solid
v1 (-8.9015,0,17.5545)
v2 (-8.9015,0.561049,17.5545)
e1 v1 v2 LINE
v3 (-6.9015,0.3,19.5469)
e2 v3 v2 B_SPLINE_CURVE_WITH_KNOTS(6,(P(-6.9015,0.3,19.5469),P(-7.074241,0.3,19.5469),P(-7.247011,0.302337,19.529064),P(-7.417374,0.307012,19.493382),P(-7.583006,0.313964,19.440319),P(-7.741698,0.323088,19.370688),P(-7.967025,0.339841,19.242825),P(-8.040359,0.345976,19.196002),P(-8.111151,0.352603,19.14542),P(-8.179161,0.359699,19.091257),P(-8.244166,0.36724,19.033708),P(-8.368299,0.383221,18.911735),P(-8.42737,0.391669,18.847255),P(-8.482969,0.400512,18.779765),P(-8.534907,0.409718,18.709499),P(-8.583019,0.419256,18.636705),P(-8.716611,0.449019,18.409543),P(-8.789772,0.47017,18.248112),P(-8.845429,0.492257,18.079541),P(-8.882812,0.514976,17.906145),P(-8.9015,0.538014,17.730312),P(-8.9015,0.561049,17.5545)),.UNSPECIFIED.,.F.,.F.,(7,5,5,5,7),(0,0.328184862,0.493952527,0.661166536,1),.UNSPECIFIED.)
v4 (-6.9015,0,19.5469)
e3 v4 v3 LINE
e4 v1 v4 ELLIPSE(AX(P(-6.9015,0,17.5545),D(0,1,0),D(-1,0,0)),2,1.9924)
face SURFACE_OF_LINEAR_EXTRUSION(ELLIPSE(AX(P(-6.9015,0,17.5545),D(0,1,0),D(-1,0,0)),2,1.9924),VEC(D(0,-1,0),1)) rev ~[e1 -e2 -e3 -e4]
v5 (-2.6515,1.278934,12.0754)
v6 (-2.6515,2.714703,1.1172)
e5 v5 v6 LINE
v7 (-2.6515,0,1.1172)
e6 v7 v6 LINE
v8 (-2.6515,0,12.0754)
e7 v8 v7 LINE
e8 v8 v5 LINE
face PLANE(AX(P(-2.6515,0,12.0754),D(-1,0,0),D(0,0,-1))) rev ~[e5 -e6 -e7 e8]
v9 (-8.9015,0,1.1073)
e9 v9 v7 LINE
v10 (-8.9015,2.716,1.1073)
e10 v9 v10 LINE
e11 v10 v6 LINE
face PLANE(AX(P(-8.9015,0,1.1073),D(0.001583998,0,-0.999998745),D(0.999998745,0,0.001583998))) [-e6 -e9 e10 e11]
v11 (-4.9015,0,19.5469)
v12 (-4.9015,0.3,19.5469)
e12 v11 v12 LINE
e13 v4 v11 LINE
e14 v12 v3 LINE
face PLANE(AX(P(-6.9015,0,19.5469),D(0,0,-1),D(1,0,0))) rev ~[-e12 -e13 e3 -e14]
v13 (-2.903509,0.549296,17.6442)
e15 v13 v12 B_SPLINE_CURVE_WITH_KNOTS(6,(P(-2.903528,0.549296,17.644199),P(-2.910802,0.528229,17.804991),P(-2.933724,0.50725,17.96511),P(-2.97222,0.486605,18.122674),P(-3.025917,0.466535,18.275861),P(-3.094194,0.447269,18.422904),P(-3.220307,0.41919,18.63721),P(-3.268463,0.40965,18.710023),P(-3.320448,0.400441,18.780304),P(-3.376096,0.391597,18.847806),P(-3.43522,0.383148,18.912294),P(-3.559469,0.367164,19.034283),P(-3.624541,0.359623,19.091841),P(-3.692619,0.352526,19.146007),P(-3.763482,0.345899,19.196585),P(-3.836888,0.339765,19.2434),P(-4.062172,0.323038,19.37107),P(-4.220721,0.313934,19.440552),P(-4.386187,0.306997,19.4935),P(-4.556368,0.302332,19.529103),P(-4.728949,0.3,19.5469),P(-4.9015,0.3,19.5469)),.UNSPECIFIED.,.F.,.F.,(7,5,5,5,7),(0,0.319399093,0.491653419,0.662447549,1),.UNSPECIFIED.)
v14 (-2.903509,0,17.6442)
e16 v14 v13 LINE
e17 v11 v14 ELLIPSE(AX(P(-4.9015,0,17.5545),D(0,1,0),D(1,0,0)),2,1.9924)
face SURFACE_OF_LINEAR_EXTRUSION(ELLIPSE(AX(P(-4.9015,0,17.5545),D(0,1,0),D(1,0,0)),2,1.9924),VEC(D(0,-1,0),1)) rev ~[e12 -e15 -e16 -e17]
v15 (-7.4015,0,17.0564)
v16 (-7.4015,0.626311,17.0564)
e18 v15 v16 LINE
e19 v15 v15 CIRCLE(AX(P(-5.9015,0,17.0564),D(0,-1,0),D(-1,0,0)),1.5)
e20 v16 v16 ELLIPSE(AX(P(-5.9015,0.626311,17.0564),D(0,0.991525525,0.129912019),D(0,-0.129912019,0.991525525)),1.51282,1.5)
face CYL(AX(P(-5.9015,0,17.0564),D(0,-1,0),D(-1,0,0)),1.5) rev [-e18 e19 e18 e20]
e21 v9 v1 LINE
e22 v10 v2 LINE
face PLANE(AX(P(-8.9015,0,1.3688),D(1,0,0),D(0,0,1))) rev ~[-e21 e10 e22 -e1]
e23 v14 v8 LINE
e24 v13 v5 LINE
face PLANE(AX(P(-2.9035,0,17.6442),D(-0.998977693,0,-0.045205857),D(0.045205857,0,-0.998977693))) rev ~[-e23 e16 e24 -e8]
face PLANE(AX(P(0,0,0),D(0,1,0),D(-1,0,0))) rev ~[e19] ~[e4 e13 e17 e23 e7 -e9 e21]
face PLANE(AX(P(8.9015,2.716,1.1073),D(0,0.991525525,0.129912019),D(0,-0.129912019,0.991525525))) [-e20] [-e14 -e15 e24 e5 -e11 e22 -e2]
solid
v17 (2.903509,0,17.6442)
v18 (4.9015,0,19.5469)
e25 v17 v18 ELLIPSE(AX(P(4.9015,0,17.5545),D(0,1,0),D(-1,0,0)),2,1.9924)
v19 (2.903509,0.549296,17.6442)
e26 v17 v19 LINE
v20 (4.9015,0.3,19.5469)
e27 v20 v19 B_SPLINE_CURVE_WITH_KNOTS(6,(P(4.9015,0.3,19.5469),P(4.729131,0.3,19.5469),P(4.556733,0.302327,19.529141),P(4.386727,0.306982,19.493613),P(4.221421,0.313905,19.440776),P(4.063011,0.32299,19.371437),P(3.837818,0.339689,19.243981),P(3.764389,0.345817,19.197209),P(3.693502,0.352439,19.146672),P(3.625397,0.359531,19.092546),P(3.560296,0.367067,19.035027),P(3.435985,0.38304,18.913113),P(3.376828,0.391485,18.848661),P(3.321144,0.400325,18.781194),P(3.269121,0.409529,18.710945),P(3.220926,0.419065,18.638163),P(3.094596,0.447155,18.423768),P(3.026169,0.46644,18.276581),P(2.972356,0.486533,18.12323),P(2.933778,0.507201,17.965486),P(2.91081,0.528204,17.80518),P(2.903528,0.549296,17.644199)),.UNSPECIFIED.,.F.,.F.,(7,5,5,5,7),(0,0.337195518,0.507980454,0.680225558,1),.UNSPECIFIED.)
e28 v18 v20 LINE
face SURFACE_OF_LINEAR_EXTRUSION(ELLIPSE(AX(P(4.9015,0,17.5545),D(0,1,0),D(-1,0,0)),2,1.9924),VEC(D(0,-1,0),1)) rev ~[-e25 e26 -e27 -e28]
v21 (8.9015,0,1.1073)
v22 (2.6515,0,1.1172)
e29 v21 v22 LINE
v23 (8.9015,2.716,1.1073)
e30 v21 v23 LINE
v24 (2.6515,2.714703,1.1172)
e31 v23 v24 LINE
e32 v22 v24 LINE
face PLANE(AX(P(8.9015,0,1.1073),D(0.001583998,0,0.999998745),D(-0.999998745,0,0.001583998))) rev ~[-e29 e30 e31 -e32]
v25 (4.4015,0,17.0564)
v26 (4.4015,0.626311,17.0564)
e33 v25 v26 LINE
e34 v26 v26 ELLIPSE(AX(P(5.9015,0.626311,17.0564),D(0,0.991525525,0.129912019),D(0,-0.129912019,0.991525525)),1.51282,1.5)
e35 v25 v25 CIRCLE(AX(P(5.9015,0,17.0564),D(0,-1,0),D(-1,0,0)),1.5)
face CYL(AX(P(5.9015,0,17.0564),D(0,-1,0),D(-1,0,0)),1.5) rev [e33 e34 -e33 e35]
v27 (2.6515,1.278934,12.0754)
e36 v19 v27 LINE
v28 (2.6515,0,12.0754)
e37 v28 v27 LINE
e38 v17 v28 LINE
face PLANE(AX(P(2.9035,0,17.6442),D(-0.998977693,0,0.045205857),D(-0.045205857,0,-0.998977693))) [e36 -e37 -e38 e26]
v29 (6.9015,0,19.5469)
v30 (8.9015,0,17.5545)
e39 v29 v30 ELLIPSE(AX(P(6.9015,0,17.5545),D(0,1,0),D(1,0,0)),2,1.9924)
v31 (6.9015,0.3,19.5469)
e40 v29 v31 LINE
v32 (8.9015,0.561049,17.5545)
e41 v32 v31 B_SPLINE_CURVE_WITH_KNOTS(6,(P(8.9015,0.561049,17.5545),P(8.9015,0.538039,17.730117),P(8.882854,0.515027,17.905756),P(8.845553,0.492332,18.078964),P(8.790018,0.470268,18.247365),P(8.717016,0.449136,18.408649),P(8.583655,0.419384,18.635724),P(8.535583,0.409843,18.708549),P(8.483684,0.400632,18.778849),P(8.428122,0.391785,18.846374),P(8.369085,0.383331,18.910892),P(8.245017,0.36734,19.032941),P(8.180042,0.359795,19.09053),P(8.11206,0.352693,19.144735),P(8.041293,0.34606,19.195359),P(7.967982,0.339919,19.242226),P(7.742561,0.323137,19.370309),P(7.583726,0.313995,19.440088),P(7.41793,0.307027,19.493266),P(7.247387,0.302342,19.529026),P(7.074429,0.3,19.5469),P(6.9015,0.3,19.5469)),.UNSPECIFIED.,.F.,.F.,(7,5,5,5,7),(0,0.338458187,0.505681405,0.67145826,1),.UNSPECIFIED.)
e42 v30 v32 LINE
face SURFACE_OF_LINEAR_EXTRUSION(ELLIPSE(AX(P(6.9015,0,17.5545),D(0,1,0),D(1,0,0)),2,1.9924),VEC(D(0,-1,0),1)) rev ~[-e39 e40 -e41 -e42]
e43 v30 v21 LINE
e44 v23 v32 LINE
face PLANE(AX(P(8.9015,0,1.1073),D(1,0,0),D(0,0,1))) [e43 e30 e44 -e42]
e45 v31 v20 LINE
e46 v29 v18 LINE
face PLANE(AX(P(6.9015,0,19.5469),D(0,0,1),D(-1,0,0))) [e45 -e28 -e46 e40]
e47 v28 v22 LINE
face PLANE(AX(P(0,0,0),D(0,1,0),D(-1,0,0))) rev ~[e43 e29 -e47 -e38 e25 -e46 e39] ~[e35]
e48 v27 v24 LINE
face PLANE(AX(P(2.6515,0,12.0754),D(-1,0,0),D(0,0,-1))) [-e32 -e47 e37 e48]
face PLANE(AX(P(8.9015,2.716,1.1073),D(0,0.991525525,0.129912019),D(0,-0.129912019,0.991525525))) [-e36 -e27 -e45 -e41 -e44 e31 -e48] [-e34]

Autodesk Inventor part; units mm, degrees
ref_plane "YZ Plane" through (0, 0, 0) normal (1, 0, 0) x (0, 1, 0)
ref_plane "XZ Plane" through (0, 0, 0) normal (0, 1, 0) x (-1, 0, 0)
ref_plane "XY Plane" through (0, 0, 0) normal (0, 0, 1) x (1, 0, 0)
sketch "Sketch1" plane through (0, 0, 0) normal (0, 1, 0) x (-1, 0, 0)
  line L0 (-8.9015, 1.1073) -> (-8.9015, 17.5545)
  line L1 (-2.6515, 1.1073) -> (-8.9015, 1.1073)
  line L2 (-2.6515, 12.0754) -> (-2.6515, 1.1172)
  line L3 (-2.9035, 17.6442) -> (-2.6515, 12.0754)
  ellipse E0 centre (-4.9015, 17.5545) end of major axis (-2.9015, 17.5545) minor radius 1.9924 (-2.9035, 17.6442) -> (-4.9015, 19.5469) ccw
  line L4 (-6.9015, 19.5469) -> (-4.9015, 19.5469)
  ellipse E1 centre (-6.9015, 17.5545) end of major axis (-8.9015, 17.5545) minor radius 1.9924 (-6.9015, 19.5469) -> (-8.9015, 17.5545) ccw
  ellipse E2 centre (-5.9015, 17.0564) end of major axis (-4.4015, 17.0564) minor radius 1.4943
  line L5 (-8.9015, 1.1073) -> (-8.9015, 1.3688)
  line L6 (-8.9015, 1.1073) -> (-2.6515, 1.1172)
  line L7 (-2.6515, 1.1172) -> (-2.6515, 12.0754)
  line L8 (-2.6515, 12.0754) -> (-2.9035, 17.6442)
  line L9 (-8.9015, 1.1073) -> (-8.9015, 17.5545)
  line L10 (-6.9015, 19.5469) -> (-4.9015, 19.5469)
  circle A0 centre (-5.9015, 17.0564) radius 1.5
  line L11 (8.9015, 1.1073) -> (8.9015, 17.5545)
  line L12 (2.6515, 1.1073) -> (8.9015, 1.1073)
  line L13 (2.6515, 12.0754) -> (2.6515, 1.1172)
  line L14 (2.9035, 17.6442) -> (2.6515, 12.0754)
  ellipse E3 centre (4.9015, 17.5545) end of major axis (2.9015, 17.5545) minor radius 1.9924 (4.9015, 19.5469) -> (2.9035, 17.6442) ccw
  line L15 (6.9015, 19.5469) -> (4.9015, 19.5469)
  ellipse E4 centre (6.9015, 17.5545) end of major axis (8.9015, 17.5545) minor radius 1.9924 (8.9015, 17.5545) -> (6.9015, 19.5469) ccw
  ellipse E5 centre (5.9015, 17.0564) end of major axis (4.4015, 17.0564) minor radius 1.4943
  line L16 (8.9015, 1.1073) -> (8.9015, 1.3688)
  line L17 (8.9015, 1.1073) -> (2.6515, 1.1172)
  line L18 (2.6515, 1.1172) -> (2.6515, 12.0754)
  line L19 (2.6515, 12.0754) -> (2.9035, 17.6442)
  line L20 (8.9015, 1.1073) -> (8.9015, 17.5545)
  line L21 (6.9015, 19.5469) -> (4.9015, 19.5469)
  circle A1 centre (5.9015, 17.0564) radius 1.5
  point P0 (0, 0)
  point P1 (-18.0813, 13.3212)
extrude "Extrusion1" add sketch "Sketch1" along normal blind 10
sketch "Sketch2" plane through (8.9015, 0, 17.5545) normal (1, 0, 0) x (0, 0, -1)
  line L0 (16.4472, 2.716) -> (-1.9924, 0.3)
  line L1 (16.4472, 2.716) -> (16.4472, 13.2162)
  line L2 (16.4472, 13.2162) -> (-1.9924, 13.2162)
  line L3 (-1.9924, 13.2162) -> (-1.9924, 0.3)
  line L4 (0, 0) -> (-1.9924, 0) projected
  point P0 (17.5545, 0)
  point P1 (16.4472, 0)
  dimension "d5" = 2.716
  dimension "d8" = 0.3
extrude "Extrusion2" cut sketch "Sketch2" against normal through all
properties part number "7,5degree spacer"
